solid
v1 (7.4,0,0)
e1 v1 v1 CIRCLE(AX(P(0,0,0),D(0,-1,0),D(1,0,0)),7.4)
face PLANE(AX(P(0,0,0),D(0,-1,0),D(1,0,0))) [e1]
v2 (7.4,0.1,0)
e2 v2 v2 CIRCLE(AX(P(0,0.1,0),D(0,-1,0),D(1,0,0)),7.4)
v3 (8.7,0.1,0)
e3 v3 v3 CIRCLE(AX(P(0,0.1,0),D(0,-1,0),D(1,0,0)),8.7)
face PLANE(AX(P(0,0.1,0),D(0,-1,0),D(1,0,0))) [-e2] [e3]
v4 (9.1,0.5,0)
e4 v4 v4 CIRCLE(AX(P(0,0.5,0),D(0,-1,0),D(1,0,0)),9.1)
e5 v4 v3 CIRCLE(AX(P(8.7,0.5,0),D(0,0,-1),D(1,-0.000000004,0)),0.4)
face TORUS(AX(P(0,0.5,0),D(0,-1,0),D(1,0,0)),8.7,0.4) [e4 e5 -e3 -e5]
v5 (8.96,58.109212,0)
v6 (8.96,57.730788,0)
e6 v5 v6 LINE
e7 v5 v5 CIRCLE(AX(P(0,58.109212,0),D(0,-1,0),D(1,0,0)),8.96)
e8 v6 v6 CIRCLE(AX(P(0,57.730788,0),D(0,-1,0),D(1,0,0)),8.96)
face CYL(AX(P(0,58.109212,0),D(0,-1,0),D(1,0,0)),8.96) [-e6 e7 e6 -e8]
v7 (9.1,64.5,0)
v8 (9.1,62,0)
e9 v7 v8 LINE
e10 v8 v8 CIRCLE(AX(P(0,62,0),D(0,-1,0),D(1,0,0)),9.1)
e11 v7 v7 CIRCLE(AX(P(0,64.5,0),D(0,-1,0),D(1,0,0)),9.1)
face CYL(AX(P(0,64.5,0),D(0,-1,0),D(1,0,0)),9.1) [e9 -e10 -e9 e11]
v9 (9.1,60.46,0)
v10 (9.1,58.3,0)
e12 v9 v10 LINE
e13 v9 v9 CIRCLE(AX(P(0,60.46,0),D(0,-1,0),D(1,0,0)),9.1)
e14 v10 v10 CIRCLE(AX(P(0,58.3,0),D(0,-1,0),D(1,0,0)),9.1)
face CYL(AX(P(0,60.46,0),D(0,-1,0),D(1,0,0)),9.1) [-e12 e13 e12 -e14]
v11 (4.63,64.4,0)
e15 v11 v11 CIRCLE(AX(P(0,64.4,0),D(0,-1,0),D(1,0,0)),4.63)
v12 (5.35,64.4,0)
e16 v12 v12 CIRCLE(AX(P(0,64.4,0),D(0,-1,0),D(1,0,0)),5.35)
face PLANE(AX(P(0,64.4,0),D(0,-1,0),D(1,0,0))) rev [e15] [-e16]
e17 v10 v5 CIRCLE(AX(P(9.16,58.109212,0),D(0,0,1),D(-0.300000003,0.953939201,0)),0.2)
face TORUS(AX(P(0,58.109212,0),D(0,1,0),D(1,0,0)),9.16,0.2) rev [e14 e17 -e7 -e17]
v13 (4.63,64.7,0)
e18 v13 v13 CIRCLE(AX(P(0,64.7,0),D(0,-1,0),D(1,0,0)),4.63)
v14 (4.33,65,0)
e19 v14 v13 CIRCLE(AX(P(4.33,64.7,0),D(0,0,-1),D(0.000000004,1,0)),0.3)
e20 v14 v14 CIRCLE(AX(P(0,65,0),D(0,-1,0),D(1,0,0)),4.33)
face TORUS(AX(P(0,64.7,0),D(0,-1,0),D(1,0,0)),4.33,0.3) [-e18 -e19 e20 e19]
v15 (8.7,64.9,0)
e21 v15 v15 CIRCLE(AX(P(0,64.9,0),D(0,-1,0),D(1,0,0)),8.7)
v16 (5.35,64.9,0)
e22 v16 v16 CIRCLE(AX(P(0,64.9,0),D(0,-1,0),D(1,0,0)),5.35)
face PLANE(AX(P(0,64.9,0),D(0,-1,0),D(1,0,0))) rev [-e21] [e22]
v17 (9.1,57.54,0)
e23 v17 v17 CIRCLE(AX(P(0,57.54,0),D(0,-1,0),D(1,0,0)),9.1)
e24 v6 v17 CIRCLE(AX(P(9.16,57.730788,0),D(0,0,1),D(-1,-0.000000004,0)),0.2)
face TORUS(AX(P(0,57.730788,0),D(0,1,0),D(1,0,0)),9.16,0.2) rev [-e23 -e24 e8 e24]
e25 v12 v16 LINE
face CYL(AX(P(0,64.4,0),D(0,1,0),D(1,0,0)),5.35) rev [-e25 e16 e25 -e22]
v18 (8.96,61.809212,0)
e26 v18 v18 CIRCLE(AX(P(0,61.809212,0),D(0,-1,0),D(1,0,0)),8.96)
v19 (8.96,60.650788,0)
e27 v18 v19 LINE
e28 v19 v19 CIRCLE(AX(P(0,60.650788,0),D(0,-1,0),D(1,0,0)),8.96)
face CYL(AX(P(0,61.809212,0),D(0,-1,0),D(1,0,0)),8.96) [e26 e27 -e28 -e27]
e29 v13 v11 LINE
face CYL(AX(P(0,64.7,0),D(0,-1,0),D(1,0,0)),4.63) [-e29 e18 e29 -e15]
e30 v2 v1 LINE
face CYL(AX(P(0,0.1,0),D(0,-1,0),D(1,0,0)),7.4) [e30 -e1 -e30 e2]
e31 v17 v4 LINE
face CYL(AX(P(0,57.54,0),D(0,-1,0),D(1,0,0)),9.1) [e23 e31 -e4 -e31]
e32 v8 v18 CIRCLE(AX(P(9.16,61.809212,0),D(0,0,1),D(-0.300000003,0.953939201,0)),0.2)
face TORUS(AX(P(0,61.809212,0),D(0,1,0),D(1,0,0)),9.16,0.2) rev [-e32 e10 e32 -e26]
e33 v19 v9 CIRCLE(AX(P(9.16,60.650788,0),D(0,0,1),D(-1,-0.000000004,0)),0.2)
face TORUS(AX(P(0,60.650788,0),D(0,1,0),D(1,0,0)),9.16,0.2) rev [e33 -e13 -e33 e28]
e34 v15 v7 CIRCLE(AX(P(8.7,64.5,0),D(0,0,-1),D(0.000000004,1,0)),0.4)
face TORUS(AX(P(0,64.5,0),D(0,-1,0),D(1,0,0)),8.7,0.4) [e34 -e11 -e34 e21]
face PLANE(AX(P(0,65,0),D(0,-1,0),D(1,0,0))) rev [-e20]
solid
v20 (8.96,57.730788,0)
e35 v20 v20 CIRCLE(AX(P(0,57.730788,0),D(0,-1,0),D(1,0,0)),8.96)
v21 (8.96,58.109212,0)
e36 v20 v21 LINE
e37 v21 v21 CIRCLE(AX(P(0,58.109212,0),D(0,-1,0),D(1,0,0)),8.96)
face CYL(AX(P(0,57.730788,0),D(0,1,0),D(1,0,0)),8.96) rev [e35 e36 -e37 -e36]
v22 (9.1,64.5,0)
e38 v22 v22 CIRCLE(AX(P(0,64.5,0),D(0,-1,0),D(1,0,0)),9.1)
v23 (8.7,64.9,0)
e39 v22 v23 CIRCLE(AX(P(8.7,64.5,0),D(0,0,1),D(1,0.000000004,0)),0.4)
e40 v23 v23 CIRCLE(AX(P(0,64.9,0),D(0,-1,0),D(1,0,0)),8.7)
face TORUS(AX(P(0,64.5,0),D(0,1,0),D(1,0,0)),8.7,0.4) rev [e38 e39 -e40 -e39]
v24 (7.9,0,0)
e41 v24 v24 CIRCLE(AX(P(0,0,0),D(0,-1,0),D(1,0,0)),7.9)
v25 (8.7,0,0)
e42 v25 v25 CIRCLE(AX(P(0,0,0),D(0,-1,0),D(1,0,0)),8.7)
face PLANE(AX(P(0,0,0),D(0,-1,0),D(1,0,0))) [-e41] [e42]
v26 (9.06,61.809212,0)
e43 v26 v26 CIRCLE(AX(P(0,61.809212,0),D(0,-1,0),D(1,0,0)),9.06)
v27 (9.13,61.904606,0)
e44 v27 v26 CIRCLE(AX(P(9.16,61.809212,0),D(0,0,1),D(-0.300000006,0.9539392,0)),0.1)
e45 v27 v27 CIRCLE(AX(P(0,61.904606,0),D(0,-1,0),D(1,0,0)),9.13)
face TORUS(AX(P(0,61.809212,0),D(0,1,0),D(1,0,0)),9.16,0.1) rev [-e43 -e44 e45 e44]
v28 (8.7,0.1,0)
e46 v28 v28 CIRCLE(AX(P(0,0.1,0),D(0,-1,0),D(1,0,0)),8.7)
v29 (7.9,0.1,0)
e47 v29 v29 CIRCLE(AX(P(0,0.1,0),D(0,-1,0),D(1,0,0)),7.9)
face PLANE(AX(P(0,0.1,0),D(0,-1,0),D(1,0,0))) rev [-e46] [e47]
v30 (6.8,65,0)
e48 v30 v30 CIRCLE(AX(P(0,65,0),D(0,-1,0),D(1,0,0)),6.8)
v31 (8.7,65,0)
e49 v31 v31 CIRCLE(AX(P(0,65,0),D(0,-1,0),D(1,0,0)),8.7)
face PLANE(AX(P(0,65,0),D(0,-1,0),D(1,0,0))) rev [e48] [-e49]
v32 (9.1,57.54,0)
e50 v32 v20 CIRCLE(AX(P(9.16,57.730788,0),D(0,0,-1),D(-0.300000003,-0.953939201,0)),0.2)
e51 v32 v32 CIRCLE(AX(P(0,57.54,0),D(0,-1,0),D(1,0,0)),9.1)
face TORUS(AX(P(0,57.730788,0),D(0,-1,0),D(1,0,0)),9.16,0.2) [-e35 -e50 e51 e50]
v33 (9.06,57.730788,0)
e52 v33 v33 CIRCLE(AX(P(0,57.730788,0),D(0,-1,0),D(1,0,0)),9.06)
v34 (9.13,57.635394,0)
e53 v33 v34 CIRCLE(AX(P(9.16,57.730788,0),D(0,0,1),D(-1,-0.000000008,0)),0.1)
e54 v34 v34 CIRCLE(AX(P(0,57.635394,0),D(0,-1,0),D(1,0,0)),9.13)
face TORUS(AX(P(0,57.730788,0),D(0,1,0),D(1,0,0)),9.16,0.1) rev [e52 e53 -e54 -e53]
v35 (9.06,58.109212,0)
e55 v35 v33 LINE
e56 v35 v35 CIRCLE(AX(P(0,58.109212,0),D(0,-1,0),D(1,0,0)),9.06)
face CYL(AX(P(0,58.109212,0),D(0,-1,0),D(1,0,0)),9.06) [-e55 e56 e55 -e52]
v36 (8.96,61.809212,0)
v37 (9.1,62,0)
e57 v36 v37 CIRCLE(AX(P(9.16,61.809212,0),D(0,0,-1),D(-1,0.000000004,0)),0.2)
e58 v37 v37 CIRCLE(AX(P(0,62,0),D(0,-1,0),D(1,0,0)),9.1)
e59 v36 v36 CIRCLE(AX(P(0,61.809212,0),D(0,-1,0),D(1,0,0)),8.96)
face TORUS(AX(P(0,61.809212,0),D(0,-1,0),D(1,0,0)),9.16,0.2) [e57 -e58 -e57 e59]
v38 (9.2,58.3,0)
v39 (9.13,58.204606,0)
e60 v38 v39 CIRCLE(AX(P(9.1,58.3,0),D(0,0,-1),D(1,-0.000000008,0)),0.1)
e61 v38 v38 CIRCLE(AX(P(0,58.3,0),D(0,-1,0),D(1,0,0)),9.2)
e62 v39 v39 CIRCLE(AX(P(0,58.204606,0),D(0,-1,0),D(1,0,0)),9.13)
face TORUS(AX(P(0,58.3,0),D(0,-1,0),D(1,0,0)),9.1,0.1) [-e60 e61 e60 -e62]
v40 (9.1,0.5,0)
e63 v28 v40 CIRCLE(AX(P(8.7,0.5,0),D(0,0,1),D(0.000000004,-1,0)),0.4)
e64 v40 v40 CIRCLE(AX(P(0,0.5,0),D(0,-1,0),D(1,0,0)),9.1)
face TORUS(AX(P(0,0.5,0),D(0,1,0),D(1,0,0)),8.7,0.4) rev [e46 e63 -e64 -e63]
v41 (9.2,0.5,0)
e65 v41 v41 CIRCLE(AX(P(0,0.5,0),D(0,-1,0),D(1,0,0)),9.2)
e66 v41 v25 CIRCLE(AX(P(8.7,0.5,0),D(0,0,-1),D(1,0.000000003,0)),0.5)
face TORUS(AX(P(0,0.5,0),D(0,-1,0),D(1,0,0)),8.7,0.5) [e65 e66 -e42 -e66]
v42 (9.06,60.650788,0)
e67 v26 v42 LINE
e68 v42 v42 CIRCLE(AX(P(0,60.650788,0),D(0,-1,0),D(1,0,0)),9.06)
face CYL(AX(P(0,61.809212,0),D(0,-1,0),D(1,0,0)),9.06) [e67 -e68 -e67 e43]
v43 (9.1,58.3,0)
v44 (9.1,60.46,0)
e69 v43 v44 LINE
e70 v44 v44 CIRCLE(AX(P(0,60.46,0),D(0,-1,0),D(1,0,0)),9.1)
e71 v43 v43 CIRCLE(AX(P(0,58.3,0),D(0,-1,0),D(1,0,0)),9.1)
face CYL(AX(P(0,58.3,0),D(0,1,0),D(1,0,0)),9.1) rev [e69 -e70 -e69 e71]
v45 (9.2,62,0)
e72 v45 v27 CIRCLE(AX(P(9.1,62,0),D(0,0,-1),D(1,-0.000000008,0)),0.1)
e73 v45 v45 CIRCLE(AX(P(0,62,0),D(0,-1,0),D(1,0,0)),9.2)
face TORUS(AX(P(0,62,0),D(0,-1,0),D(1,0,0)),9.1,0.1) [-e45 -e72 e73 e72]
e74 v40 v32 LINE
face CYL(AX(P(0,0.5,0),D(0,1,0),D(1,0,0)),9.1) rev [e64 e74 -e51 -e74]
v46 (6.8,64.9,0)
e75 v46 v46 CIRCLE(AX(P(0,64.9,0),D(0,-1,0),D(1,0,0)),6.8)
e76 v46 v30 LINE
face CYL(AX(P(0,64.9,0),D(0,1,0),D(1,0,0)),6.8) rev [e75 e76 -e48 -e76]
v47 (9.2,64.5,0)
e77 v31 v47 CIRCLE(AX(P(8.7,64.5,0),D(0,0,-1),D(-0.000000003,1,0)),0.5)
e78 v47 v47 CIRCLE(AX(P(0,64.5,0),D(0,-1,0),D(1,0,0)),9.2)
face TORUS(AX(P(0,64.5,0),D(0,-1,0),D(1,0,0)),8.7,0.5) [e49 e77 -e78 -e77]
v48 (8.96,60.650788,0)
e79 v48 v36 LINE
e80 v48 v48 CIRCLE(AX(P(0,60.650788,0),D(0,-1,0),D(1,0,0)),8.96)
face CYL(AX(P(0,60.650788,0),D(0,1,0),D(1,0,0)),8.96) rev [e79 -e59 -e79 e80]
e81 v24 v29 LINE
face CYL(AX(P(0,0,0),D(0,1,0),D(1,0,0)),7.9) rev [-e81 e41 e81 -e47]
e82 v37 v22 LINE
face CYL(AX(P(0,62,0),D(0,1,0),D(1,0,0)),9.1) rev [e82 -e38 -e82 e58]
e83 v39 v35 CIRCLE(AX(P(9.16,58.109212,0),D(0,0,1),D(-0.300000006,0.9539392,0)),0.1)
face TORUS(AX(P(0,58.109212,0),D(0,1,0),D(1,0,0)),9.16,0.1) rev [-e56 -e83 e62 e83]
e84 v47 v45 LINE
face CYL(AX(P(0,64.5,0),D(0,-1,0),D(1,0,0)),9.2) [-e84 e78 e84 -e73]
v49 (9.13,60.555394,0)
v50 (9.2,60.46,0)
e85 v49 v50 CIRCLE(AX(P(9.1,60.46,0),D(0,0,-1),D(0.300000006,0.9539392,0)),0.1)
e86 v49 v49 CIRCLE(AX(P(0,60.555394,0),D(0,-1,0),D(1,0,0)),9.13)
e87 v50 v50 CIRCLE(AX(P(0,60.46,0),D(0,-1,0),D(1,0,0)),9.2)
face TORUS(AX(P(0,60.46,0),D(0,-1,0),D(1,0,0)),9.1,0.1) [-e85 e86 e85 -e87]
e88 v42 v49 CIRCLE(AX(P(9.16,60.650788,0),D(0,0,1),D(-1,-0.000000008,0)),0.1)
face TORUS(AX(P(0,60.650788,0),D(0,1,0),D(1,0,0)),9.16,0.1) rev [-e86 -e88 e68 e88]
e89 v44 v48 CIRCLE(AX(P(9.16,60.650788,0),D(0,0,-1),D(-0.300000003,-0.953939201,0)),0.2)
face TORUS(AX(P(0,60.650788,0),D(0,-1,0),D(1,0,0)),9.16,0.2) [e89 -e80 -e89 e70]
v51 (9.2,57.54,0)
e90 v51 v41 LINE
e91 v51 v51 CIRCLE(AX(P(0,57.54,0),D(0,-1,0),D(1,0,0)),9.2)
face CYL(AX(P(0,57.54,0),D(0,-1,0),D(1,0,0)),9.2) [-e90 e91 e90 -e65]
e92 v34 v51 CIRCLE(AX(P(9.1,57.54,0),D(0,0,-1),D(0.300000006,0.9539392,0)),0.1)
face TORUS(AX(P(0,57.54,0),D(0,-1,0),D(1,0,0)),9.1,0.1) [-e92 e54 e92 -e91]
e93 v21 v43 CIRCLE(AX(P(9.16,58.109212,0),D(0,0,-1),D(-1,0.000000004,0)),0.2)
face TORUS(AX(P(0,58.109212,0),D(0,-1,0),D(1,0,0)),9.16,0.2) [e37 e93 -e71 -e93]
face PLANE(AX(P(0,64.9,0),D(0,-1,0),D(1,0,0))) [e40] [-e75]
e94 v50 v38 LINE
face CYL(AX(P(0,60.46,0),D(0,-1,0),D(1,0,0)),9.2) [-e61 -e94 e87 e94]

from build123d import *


with BuildPart() as part:
    # Sketch1 → Revolve1 (revolve)
    with BuildSketch(Plane.XY):
        with BuildLine():
            Line((7.4, 0.1), (7.9, 0.1))
            Line((7.9, 0.1), (8.7, 0.1))
            ThreePointArc((8.7, 0.1), (8.982842712, 0.217157288), (9.1, 0.5))
            Line((9.1, 0.5), (9.1, 57.54))
            ThreePointArc((9.1, 57.54), (8.998754845, 57.612466245), (8.96, 57.73078784))
            Line((8.96, 57.73078784), (8.96, 58.10921216))
            ThreePointArc((8.96, 58.10921216), (8.998754845, 58.227533755), (9.1, 58.3))
            Line((9.1, 58.3), (9.1, 60.46))
            ThreePointArc((9.1, 60.46), (8.998754845, 60.532466245), (8.96, 60.65078784))
            Line((8.96, 60.65078784), (8.96, 61.80921216))
            ThreePointArc((8.96, 61.80921216), (8.998754845, 61.927533755), (9.1, 62))
            Line((9.1, 62), (9.1, 64.5))
            ThreePointArc((9.1, 64.5), (8.982842712, 64.782842712), (8.7, 64.9))
            Line((8.7, 64.9), (6.8, 64.9))
            Line((6.8, 64.9), (5.35, 64.9))
            Line((5.35, 64.9), (5.35, 64.4))
            Line((5.35, 64.4), (4.63, 64.4))
            Line((4.63, 64.4), (4.63, 64.7))
            ThreePointArc((4.63, 64.7), (4.542132034, 64.912132034), (4.33, 65))
            Line((4.33, 65), (0, 65))
            Line((0, 65), (0, 0))
            Line((0, 0), (7.4, 0))
            Line((7.4, 0), (7.4, 0.1))
        make_face()
    revolve(axis=Axis((0, 0, 0), (0, -1, 0)))


with BuildPart() as body_2:
    # Sketch1<3> → Revolve2 (revolve)
    with BuildSketch(Plane.XY):
        with BuildLine():
            Line((9.2, 0.5), (9.2, 57.54))
            ThreePointArc((9.2, 57.54), (9.180622577, 57.599160798), (9.13, 57.63539392))
            ThreePointArc((9.13, 57.63539392), (9.079377423, 57.671627042), (9.06, 57.73078784))
            Line((9.06, 57.73078784), (9.06, 58.10921216))
            ThreePointArc((9.06, 58.10921216), (9.079377423, 58.168372958), (9.13, 58.20460608))
            ThreePointArc((9.13, 58.20460608), (9.180622577, 58.240839202), (9.2, 58.3))
            Line((9.2, 58.3), (9.2, 60.46))
            ThreePointArc((9.2, 60.46), (9.180622577, 60.519160798), (9.13, 60.55539392))
            ThreePointArc((9.13, 60.55539392), (9.079377423, 60.591627042), (9.06, 60.65078784))
            Line((9.06, 60.65078784), (9.06, 61.80921216))
            ThreePointArc((9.06, 61.80921216), (9.079377423, 61.868372958), (9.13, 61.90460608))
            ThreePointArc((9.13, 61.90460608), (9.180622577, 61.940839202), (9.2, 62))
            Line((9.2, 62), (9.2, 64.5))
            ThreePointArc((9.2, 64.5), (9.053553391, 64.853553391), (8.7, 65))
            Line((8.7, 65), (6.8, 65))
            Line((6.8, 65), (6.8, 64.9))
            Line((6.8, 64.9), (8.7, 64.9))
            ThreePointArc((8.7, 64.9), (8.982842712, 64.782842712), (9.1, 64.5))
            Line((9.1, 64.5), (9.1, 62))
            ThreePointArc((9.1, 62), (8.998754845, 61.927533755), (8.96, 61.80921216))
            Line((8.96, 61.80921216), (8.96, 60.65078784))
            ThreePointArc((8.96, 60.65078784), (8.998754845, 60.532466245), (9.1, 60.46))
            Line((9.1, 60.46), (9.1, 58.3))
            ThreePointArc((9.1, 58.3), (8.998754845, 58.227533755), (8.96, 58.10921216))
            Line((8.96, 58.10921216), (8.96, 57.73078784))
            ThreePointArc((8.96, 57.73078784), (8.998754845, 57.612466245), (9.1, 57.54))
            Line((9.1, 57.54), (9.1, 0.5))
            ThreePointArc((9.1, 0.5), (8.982842712, 0.217157288), (8.7, 0.1))
            Line((8.7, 0.1), (7.9, 0.1))
            Line((7.9, 0.1), (7.9, 0))
            Line((7.9, 0), (8.7, 0))
            ThreePointArc((8.7, 0), (9.053553391, 0.146446609), (9.2, 0.5))
        make_face()
    revolve(axis=Axis((0, 0, 0), (0, -1, 0)))


solid = Compound([part.part, body_2.part])
